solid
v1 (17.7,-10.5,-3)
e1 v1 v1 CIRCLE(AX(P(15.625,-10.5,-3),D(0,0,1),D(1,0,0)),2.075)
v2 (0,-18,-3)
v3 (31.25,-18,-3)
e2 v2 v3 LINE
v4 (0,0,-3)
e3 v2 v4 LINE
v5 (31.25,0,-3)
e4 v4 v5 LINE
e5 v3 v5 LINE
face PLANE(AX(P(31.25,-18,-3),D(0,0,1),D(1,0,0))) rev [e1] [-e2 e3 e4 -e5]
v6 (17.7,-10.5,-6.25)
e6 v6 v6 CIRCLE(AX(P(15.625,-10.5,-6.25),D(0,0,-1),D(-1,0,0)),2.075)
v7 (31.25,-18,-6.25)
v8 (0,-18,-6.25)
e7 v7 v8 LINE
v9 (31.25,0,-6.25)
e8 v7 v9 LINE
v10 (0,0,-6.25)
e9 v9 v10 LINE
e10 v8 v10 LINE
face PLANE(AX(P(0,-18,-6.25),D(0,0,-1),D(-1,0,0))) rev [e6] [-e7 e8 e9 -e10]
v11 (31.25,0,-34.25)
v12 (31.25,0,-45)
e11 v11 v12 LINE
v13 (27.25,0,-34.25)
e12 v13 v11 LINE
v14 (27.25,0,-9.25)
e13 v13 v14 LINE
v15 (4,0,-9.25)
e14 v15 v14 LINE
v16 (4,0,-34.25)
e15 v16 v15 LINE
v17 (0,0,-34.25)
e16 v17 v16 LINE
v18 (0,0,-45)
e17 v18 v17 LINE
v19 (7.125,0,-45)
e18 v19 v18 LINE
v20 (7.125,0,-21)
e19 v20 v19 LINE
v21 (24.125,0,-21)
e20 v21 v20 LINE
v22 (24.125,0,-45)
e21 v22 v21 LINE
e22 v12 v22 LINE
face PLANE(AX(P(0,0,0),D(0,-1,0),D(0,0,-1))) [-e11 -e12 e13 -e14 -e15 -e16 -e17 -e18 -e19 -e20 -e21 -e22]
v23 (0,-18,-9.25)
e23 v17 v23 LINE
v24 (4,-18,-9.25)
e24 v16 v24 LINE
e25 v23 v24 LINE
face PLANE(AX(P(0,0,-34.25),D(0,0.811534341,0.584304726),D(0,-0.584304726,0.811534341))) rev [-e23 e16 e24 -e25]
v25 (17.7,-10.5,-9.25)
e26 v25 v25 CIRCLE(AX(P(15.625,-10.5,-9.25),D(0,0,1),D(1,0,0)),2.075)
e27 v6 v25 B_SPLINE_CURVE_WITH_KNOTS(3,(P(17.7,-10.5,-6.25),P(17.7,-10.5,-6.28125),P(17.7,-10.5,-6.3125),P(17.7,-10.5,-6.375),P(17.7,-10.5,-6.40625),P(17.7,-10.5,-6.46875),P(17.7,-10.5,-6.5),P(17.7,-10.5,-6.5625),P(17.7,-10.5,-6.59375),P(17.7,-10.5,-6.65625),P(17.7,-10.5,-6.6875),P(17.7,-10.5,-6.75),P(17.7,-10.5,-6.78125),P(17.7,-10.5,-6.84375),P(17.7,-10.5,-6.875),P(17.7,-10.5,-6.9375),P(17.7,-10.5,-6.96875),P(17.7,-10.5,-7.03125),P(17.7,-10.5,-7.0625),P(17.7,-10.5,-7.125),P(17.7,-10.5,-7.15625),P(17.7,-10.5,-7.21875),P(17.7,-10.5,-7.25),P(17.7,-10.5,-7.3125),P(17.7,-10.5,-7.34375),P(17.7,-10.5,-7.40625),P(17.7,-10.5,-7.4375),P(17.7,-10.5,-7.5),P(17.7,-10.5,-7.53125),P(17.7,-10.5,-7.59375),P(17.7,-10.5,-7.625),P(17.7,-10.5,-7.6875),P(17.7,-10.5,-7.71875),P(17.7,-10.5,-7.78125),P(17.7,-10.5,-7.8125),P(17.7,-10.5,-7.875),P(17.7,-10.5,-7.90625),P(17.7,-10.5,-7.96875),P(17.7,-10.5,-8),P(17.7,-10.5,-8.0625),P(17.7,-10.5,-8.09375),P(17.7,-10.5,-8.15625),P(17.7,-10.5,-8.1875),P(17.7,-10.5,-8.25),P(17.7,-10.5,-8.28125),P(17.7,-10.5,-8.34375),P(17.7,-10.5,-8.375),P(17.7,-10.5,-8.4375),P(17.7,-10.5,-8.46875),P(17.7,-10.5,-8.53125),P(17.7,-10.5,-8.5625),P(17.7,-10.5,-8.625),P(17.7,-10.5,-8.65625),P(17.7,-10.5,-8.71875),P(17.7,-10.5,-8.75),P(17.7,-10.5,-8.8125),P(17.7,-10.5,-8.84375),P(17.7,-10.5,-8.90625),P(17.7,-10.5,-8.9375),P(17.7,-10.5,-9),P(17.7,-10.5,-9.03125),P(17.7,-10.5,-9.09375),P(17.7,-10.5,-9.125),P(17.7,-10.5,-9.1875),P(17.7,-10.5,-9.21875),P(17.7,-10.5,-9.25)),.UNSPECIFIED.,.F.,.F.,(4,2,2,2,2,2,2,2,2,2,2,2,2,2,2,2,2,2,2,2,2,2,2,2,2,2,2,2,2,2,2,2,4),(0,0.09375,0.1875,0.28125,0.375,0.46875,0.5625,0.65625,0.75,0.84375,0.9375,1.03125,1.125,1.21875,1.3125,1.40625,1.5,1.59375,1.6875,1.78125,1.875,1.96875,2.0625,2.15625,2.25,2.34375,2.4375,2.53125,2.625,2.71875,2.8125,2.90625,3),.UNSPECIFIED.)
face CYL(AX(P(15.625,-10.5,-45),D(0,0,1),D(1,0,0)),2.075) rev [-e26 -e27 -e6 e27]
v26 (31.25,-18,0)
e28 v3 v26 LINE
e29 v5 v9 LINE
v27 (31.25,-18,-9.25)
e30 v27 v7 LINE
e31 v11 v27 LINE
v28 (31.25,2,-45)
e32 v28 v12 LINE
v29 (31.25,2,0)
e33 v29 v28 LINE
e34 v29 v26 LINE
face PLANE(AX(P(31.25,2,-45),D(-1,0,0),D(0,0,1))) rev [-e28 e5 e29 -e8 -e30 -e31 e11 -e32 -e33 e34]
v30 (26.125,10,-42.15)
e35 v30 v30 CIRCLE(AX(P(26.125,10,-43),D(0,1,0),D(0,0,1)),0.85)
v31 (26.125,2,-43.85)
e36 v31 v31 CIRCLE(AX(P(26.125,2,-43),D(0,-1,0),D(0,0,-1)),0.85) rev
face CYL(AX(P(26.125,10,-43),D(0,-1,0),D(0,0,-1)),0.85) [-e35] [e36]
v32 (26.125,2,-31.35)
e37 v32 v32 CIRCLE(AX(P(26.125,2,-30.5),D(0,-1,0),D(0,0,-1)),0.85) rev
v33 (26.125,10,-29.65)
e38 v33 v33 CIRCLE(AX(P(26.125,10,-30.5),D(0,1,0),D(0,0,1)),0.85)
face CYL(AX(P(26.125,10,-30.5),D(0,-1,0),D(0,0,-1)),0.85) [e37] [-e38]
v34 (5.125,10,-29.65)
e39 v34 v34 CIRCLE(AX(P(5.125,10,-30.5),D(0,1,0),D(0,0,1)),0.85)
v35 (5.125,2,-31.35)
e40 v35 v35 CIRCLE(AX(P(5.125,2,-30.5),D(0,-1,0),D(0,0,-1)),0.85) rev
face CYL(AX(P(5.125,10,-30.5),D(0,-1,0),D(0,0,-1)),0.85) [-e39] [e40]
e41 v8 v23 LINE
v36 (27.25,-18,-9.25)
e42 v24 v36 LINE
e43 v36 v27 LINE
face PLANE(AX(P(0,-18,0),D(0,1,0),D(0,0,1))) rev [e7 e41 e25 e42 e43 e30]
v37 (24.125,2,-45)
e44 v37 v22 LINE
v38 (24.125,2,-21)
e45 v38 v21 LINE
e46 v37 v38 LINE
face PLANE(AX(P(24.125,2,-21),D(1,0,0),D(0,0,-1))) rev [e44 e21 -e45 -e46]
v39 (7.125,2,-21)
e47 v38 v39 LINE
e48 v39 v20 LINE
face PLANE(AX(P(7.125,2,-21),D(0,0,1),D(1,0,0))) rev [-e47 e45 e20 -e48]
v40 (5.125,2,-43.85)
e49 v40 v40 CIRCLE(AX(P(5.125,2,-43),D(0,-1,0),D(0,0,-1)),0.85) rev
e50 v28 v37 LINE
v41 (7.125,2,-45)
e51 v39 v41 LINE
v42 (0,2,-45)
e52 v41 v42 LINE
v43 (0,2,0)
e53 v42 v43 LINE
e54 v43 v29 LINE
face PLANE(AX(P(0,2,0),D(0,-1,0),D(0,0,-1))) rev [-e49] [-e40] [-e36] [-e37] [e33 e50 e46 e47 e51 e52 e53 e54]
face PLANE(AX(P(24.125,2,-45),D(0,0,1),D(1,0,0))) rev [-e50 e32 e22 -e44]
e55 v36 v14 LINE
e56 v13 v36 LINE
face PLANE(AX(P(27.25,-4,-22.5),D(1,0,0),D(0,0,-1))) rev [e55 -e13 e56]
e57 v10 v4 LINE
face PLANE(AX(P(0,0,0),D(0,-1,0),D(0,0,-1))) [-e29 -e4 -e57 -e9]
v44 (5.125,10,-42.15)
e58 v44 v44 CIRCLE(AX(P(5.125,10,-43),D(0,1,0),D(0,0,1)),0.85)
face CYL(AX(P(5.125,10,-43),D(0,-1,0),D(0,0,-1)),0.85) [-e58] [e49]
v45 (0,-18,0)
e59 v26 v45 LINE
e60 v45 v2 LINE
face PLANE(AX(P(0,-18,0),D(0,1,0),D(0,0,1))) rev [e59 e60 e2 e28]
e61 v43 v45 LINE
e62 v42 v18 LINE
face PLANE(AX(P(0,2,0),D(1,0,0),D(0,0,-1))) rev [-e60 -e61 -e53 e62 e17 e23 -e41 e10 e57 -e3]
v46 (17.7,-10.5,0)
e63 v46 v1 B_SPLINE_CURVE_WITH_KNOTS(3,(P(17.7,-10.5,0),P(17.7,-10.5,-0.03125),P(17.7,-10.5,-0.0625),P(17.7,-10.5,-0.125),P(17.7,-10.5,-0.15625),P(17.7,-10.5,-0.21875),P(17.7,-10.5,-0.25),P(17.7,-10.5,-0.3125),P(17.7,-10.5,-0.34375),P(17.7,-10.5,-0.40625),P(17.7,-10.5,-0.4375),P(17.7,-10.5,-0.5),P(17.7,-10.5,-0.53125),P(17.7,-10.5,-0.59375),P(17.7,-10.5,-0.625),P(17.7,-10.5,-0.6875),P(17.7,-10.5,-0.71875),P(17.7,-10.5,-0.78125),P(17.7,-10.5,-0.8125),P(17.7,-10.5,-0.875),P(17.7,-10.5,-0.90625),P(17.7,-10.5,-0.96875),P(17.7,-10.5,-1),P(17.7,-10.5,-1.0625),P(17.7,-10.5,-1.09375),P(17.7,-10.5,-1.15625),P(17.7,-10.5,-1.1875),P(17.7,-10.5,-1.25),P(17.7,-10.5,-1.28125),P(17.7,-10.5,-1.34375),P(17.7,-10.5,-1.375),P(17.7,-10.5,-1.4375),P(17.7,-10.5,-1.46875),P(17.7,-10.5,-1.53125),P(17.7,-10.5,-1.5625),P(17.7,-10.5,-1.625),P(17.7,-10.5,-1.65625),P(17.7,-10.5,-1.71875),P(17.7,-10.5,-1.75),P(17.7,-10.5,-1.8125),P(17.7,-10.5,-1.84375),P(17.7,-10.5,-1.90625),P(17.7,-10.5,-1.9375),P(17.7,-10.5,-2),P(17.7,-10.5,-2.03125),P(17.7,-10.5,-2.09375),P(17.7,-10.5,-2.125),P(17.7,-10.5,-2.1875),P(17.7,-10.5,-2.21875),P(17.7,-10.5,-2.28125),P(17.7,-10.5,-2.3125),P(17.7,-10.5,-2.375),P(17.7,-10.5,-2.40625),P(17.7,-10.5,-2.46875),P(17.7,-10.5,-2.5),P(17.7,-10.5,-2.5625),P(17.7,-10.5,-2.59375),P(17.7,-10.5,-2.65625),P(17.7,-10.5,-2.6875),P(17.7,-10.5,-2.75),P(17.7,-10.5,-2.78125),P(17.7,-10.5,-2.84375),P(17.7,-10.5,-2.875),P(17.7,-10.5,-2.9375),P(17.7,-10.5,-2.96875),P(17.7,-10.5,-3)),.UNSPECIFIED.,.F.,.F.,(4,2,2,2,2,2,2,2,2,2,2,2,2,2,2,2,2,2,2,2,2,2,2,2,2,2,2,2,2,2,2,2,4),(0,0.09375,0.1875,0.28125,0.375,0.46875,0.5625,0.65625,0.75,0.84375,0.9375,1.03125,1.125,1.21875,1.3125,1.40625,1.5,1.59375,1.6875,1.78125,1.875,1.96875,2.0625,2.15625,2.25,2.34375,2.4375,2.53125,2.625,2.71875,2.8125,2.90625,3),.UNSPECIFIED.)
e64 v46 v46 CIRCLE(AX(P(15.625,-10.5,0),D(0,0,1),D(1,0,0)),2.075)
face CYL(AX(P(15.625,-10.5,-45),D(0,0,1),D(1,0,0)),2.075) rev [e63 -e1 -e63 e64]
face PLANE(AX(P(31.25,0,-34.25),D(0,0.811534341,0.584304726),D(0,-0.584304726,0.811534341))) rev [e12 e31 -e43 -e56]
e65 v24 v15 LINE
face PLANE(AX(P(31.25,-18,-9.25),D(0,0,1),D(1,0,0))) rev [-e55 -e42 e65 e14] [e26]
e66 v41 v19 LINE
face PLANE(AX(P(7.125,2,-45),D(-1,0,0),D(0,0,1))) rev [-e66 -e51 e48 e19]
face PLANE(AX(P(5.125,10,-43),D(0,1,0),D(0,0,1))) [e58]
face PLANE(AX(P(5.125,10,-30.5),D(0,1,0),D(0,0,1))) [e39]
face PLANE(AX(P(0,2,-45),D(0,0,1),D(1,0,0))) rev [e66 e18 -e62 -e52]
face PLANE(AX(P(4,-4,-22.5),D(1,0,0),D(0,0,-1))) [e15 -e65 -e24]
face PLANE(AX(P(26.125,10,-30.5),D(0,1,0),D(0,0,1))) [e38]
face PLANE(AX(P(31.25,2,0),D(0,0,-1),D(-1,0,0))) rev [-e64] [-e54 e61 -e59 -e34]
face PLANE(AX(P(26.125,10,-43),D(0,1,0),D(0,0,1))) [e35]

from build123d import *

# Parameters (mm, degrees)
BOSS_EXTRUDE1_DEPTH = 2
SKETCH3_R           = 0.85
BOSS_EXTRUDE2_DEPTH = 8
SKETCH4_W           = 31.25
SKETCH4_H           = 3
BOSS_EXTRUDE3_DEPTH = 18
SKETCH12_R          = 2.075
CUT_EXTRUDE2_DEPTH  = 58.667690261
RIB1_REACH          = 59.668
SKETCH13_WALL_W     = 148.141224122
SKETCH13_WALL_H     = 4
RIB2_REACH          = 59.668
SKETCH14_WALL_W     = 148.141224122
SKETCH14_WALL_H     = 4


with BuildPart() as part:
    # Sketch2 → Boss-Extrude1 (new body)
    with BuildSketch(Plane(origin=(0, 0, 0), x_dir=(1, 0, 0), z_dir=(0, 1, 0))):
        Polygon((0, 0), (0, 45), (7.125, 45), (7.125, 21), (24.125, 21), (24.125, 45), (31.25, 45), (31.25, 0), align=None)
    extrude(amount=BOSS_EXTRUDE1_DEPTH)

    # Sketch3 → Boss-Extrude2 (add)
    with BuildSketch(Plane(origin=(0, 2, 0), x_dir=(1, 0, 0), z_dir=(0, 1, 0))):
        with Locations(Location((5.125, 43, 0), (0, 0, 90))):
            Circle(SKETCH3_R)
        with Locations(Location((5.125, 30.5, 0), (0, 0, 90))):
            Circle(SKETCH3_R)
        with Locations(Location((26.125, 30.5, 0), (0, 0, 90))):
            Circle(SKETCH3_R)
        with Locations(Location((26.125, 43, 0), (0, 0, 90))):
            Circle(SKETCH3_R)
    extrude(amount=BOSS_EXTRUDE2_DEPTH)

    # Sketch4 → Boss-Extrude3 (add)
    with BuildSketch(Plane.XZ):
        with Locations((15.625, -1.5)):
            Rectangle(SKETCH4_W, SKETCH4_H)
        with Locations((15.625, -7.75)):
            Rectangle(SKETCH4_W, SKETCH4_H)
    extrude(amount=BOSS_EXTRUDE3_DEPTH)

    # Sketch12 → Cut-Extrude2 (cut, through all)
    with BuildSketch(Plane.XY):
        with Locations((15.625, -10.5)):
            Circle(SKETCH12_R)
    extrude(amount=-CUT_EXTRUDE2_DEPTH, mode=Mode.SUBTRACT)

    # Sketch13 wall → Rib1 (add, up to next)
    with BuildSketch(Plane(origin=(0, -9, -21.75), x_dir=(0, -0.584304725845, 0.811534341451), z_dir=(0, -0.811534341451, -0.584304725845)), mode=Mode.PRIVATE) as rib1_sk1:
        with Locations((0, -2)):
            Rectangle(SKETCH13_WALL_W, SKETCH13_WALL_H)
    rib1_tool1 = extrude(rib1_sk1.sketch, amount=-RIB1_REACH, mode=Mode.PRIVATE) - part.part
    add(rib1_tool1.solids().sort_by_distance((0, -9, -21.75))[0])

    # Sketch14 wall → Rib2 (add, up to next)
    with BuildSketch(Plane(origin=(31.25, -9, -21.75), x_dir=(0, -0.584304725845, 0.811534341451), z_dir=(0, -0.811534341451, -0.584304725845)), mode=Mode.PRIVATE) as rib2_sk1:
        with Locations((0, 2)):
            Rectangle(SKETCH14_WALL_W, SKETCH14_WALL_H)
    rib2_tool1 = extrude(rib2_sk1.sketch, amount=-RIB2_REACH, mode=Mode.PRIVATE) - part.part
    add(rib2_tool1.solids().sort_by_distance((31.25, -9, -21.75))[0])


solid = part.part
